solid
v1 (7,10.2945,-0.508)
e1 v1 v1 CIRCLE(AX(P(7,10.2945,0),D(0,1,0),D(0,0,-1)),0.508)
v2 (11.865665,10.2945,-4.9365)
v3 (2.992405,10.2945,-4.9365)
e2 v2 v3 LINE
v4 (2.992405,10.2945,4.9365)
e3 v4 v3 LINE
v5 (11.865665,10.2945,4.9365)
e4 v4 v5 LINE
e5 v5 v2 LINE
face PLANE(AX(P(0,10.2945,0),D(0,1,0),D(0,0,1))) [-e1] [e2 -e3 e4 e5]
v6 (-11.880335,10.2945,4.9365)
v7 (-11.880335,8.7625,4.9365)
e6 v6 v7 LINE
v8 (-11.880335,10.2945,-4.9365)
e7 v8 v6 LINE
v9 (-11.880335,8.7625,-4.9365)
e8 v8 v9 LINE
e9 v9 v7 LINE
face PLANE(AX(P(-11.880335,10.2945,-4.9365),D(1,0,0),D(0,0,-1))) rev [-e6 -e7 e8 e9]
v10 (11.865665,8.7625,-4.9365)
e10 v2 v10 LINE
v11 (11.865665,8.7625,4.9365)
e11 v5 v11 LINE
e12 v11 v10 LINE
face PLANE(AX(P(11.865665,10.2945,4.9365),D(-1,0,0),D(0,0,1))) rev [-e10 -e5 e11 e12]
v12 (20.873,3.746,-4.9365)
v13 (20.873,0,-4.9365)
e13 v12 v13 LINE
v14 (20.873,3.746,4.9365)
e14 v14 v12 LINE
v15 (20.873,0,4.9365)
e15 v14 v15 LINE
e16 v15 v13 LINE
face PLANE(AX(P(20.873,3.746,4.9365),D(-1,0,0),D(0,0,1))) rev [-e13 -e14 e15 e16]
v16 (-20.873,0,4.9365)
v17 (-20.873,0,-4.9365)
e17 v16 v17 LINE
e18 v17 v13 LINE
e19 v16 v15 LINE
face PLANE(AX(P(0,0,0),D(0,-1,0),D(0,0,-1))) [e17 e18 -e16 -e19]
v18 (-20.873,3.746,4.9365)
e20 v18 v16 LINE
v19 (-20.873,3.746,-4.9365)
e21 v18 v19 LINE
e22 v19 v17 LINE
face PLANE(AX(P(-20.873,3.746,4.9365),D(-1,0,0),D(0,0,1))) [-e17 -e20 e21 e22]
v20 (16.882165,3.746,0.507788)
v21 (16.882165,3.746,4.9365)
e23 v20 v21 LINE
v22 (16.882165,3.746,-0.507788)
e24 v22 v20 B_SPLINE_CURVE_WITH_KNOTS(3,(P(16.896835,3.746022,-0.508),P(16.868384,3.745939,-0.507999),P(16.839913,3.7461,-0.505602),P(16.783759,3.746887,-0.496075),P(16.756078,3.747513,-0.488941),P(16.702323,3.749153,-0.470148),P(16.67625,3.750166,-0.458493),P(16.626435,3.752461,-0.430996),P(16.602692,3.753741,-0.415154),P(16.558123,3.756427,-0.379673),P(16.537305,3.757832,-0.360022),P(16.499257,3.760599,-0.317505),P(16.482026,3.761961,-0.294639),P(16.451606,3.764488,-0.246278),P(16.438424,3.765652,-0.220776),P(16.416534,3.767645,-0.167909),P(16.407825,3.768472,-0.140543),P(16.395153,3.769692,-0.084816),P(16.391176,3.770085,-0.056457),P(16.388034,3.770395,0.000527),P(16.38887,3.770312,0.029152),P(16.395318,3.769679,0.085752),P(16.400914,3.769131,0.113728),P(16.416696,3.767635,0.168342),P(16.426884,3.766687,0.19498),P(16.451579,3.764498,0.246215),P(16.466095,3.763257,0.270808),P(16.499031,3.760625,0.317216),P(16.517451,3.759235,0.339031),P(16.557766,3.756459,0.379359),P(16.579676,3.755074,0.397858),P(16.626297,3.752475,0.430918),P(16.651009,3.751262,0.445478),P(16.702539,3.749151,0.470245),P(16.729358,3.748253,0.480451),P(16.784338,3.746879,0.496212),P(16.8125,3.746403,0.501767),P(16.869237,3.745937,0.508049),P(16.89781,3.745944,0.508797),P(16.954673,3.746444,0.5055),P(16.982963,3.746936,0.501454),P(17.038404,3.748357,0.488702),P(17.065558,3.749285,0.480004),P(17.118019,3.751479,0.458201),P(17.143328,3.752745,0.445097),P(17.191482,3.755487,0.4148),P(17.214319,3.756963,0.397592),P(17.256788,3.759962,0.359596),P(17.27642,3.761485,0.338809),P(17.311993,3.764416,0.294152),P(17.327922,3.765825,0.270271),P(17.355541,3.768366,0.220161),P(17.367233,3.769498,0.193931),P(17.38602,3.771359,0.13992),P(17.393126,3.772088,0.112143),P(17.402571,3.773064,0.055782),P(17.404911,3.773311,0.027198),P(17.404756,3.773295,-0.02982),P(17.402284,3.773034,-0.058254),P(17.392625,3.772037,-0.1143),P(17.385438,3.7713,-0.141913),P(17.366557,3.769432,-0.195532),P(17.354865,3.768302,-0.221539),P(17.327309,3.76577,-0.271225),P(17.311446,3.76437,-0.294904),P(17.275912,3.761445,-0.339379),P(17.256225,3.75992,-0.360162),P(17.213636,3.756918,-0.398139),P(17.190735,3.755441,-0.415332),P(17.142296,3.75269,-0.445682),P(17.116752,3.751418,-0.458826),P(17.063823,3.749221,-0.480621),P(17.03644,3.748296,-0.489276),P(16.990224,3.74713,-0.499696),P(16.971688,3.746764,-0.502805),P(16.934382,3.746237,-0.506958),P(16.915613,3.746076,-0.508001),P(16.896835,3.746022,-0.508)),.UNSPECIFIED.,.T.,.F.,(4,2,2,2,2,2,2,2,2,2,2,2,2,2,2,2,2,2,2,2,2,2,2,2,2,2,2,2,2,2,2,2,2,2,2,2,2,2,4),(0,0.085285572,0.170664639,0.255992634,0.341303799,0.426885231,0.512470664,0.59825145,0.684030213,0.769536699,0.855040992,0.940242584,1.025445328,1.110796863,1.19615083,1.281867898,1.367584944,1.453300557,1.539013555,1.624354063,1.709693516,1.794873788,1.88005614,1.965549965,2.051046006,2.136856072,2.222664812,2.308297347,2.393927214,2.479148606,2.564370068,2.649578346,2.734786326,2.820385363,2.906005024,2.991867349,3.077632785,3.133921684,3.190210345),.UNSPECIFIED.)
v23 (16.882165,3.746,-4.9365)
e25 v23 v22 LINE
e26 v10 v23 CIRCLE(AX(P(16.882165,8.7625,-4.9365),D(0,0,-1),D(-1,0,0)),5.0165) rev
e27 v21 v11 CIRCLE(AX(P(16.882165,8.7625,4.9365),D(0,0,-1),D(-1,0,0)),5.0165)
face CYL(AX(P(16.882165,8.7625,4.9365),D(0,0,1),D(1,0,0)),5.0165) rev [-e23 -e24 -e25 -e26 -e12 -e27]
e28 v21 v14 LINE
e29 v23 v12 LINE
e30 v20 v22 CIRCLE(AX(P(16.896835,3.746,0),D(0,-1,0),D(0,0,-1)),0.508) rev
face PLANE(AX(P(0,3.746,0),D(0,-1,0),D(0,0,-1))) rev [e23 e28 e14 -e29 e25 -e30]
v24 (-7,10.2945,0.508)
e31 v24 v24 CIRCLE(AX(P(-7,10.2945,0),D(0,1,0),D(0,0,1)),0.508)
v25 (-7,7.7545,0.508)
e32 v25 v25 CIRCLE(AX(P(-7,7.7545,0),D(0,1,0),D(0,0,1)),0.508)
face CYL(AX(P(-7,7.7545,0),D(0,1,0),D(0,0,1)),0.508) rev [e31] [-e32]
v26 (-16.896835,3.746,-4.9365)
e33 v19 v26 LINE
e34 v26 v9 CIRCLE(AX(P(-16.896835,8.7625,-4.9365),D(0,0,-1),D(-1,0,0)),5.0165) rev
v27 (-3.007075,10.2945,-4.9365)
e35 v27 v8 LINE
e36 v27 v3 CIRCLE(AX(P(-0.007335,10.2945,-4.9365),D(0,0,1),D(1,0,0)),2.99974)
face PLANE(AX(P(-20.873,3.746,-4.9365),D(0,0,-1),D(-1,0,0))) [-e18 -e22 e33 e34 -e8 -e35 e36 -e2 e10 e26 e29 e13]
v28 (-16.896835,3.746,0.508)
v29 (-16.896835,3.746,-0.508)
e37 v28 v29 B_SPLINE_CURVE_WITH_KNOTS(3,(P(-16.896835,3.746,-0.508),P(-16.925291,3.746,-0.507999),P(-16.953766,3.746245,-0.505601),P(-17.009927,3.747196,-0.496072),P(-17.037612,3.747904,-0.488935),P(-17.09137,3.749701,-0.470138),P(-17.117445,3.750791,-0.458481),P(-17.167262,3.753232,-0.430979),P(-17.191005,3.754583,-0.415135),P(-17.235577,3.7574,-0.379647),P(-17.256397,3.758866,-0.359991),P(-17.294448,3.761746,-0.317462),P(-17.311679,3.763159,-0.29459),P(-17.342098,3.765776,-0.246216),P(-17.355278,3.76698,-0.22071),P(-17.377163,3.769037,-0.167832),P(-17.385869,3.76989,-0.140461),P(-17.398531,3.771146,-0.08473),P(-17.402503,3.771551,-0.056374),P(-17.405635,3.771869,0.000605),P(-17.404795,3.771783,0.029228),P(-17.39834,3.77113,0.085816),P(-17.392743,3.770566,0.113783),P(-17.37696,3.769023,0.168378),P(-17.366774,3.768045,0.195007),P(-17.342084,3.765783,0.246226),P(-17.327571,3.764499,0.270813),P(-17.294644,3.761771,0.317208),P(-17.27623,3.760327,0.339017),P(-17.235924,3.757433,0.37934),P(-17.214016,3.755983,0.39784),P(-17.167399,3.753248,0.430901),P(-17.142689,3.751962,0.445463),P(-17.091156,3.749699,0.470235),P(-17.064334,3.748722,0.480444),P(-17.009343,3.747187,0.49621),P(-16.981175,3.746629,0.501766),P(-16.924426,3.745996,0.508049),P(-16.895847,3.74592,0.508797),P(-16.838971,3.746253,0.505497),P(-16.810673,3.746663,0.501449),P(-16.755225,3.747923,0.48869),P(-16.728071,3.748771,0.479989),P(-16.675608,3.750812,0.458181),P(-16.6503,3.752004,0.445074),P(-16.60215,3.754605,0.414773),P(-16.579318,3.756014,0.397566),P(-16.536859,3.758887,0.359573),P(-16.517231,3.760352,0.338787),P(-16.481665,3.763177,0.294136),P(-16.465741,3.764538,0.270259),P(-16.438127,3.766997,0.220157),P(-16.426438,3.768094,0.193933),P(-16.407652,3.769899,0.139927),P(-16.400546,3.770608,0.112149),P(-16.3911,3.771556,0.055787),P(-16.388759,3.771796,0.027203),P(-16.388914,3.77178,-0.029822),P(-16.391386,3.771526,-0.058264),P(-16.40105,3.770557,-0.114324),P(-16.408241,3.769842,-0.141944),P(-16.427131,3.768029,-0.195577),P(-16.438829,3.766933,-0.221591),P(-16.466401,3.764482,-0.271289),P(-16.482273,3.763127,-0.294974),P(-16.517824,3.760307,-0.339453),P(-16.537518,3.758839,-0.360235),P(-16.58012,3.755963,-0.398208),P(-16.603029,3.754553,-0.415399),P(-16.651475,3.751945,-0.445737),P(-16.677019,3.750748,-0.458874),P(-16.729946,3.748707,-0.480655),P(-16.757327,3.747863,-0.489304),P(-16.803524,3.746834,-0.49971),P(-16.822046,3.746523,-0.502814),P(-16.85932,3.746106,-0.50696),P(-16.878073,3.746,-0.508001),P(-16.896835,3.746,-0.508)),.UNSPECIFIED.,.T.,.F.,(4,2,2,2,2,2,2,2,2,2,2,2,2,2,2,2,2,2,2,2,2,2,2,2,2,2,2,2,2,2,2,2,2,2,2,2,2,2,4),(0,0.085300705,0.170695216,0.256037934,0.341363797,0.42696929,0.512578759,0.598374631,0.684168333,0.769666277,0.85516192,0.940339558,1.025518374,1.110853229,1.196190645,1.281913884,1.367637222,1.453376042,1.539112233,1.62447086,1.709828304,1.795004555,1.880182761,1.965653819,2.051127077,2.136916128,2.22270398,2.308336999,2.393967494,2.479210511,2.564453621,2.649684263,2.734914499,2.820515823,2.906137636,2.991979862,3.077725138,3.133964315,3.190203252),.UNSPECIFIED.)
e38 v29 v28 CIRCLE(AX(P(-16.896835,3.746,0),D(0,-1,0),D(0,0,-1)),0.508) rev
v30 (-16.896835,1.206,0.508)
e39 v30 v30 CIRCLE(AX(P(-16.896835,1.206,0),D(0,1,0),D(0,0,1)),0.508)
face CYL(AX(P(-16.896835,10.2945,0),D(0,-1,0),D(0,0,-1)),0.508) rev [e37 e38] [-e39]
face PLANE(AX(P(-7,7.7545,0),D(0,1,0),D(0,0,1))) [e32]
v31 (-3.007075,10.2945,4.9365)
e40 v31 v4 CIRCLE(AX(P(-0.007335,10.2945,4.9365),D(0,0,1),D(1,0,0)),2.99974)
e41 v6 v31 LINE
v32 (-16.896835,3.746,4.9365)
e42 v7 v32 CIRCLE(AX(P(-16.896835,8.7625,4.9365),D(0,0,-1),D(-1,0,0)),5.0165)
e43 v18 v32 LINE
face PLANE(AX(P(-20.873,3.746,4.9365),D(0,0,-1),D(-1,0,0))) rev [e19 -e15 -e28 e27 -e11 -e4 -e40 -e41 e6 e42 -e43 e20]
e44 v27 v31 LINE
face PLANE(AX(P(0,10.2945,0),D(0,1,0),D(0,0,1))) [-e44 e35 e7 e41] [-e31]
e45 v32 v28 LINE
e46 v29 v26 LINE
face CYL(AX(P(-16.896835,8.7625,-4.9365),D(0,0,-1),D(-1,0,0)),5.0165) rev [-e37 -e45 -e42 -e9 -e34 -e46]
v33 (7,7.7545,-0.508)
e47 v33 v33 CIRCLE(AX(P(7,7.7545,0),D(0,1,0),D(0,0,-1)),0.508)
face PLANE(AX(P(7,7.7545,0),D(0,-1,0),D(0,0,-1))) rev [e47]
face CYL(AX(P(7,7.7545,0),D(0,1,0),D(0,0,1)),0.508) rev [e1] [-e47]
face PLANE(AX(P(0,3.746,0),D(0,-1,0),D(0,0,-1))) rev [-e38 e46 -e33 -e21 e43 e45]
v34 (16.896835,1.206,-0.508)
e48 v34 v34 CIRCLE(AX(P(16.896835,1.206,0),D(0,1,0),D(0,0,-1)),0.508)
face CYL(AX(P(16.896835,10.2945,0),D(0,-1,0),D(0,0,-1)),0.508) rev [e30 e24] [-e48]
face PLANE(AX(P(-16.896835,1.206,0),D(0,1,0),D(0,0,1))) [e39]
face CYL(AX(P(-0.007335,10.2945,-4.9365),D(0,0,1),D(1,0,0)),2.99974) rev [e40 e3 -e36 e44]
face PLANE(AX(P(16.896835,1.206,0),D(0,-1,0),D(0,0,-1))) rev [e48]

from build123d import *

# Parameters (mm, degrees)
SKETCH2_W               = 41.746000074
SKETCH2_H               = 9.873000066
BOSS_EXTRUDE1_DEPTH     = 3.746000128
SKETCH3_W               = 23.746000006
SKETCH3_H               = 9.873000066
BOSS_EXTRUDE2_DEPTH     = 6.548499984
FILLET1_R               = 5.0165
SKETCH4_R               = 2.99974
CUT_EXTRUDE1_DEPTH      = 26.281119307
CUT_EXTRUDE2_DEPTH      = 23.426190384
CUT_EXTRUDE2_DEPTH_BACK = 2.54
SKETCH6_R               = 0.508
SKETCH7_R               = 0.508
CUT_EXTRUDE3_DEPTH      = 2.54


with BuildPart() as part:
    # Sketch2 → Boss-Extrude1 (new body)
    with BuildSketch(Plane(origin=(0, 0, 0), x_dir=(1, 0, 0), z_dir=(0, 1, 0))):
        Rectangle(SKETCH2_W, SKETCH2_H)
    extrude(amount=BOSS_EXTRUDE1_DEPTH)

    # Sketch3 → Boss-Extrude2 (add)
    with BuildSketch(Plane(origin=(0, 3.746000128, 0), x_dir=(1, 0, 0), z_dir=(0, 1, 0))):
        with Locations((-0.00733485, 0)):
            Rectangle(SKETCH3_W, SKETCH3_H)
    extrude(amount=BOSS_EXTRUDE2_DEPTH)

    # Fillet1
    fillet1_edges = [part.edges().sort_by_distance(p)[0] for p in [
        (-11.880334853, 3.746000128, 0),
        (11.865665153, 3.746000128, 0),
    ]]
    fillet(fillet1_edges, radius=FILLET1_R)

    # Sketch4 → Cut-Extrude1 (cut, through all)
    with BuildSketch(Plane.XY.offset(4.936500033)):
        with Locations((-0.00733485, 10.294500112)):
            Circle(SKETCH4_R)
    extrude(amount=-CUT_EXTRUDE1_DEPTH, mode=Mode.SUBTRACT)

    # Sketch6 → Cut-Extrude2 (cut, two sides: drawn at the far end of the back side and taken through both)
    with BuildSketch(Plane(origin=(0, 3.746000128, 0), x_dir=(1, 0, 0), z_dir=(0, 1, 0)).offset(-CUT_EXTRUDE2_DEPTH_BACK)):
        with Locations(Location((-16.896834853, 0, 0), (0, 0, 270))):
            Circle(SKETCH6_R)
        with Locations(Location((16.896834853, 0, 0), (0, 0, 90))):
            Circle(SKETCH6_R)
    extrude(amount=CUT_EXTRUDE2_DEPTH + CUT_EXTRUDE2_DEPTH_BACK, mode=Mode.SUBTRACT)

    # Sketch7 → Cut-Extrude3 (cut)
    with BuildSketch(Plane(origin=(0, 10.294500112, 0), x_dir=(1, 0, 0), z_dir=(0, 1, 0))):
        with Locations(Location((-6.99999997, 0, 0), (0, 0, 270))):
            Circle(SKETCH7_R)
        with Locations(Location((6.99999997, 0, 0), (0, 0, 90))):
            Circle(SKETCH7_R)
    extrude(amount=-CUT_EXTRUDE3_DEPTH, mode=Mode.SUBTRACT)


solid = part.part
